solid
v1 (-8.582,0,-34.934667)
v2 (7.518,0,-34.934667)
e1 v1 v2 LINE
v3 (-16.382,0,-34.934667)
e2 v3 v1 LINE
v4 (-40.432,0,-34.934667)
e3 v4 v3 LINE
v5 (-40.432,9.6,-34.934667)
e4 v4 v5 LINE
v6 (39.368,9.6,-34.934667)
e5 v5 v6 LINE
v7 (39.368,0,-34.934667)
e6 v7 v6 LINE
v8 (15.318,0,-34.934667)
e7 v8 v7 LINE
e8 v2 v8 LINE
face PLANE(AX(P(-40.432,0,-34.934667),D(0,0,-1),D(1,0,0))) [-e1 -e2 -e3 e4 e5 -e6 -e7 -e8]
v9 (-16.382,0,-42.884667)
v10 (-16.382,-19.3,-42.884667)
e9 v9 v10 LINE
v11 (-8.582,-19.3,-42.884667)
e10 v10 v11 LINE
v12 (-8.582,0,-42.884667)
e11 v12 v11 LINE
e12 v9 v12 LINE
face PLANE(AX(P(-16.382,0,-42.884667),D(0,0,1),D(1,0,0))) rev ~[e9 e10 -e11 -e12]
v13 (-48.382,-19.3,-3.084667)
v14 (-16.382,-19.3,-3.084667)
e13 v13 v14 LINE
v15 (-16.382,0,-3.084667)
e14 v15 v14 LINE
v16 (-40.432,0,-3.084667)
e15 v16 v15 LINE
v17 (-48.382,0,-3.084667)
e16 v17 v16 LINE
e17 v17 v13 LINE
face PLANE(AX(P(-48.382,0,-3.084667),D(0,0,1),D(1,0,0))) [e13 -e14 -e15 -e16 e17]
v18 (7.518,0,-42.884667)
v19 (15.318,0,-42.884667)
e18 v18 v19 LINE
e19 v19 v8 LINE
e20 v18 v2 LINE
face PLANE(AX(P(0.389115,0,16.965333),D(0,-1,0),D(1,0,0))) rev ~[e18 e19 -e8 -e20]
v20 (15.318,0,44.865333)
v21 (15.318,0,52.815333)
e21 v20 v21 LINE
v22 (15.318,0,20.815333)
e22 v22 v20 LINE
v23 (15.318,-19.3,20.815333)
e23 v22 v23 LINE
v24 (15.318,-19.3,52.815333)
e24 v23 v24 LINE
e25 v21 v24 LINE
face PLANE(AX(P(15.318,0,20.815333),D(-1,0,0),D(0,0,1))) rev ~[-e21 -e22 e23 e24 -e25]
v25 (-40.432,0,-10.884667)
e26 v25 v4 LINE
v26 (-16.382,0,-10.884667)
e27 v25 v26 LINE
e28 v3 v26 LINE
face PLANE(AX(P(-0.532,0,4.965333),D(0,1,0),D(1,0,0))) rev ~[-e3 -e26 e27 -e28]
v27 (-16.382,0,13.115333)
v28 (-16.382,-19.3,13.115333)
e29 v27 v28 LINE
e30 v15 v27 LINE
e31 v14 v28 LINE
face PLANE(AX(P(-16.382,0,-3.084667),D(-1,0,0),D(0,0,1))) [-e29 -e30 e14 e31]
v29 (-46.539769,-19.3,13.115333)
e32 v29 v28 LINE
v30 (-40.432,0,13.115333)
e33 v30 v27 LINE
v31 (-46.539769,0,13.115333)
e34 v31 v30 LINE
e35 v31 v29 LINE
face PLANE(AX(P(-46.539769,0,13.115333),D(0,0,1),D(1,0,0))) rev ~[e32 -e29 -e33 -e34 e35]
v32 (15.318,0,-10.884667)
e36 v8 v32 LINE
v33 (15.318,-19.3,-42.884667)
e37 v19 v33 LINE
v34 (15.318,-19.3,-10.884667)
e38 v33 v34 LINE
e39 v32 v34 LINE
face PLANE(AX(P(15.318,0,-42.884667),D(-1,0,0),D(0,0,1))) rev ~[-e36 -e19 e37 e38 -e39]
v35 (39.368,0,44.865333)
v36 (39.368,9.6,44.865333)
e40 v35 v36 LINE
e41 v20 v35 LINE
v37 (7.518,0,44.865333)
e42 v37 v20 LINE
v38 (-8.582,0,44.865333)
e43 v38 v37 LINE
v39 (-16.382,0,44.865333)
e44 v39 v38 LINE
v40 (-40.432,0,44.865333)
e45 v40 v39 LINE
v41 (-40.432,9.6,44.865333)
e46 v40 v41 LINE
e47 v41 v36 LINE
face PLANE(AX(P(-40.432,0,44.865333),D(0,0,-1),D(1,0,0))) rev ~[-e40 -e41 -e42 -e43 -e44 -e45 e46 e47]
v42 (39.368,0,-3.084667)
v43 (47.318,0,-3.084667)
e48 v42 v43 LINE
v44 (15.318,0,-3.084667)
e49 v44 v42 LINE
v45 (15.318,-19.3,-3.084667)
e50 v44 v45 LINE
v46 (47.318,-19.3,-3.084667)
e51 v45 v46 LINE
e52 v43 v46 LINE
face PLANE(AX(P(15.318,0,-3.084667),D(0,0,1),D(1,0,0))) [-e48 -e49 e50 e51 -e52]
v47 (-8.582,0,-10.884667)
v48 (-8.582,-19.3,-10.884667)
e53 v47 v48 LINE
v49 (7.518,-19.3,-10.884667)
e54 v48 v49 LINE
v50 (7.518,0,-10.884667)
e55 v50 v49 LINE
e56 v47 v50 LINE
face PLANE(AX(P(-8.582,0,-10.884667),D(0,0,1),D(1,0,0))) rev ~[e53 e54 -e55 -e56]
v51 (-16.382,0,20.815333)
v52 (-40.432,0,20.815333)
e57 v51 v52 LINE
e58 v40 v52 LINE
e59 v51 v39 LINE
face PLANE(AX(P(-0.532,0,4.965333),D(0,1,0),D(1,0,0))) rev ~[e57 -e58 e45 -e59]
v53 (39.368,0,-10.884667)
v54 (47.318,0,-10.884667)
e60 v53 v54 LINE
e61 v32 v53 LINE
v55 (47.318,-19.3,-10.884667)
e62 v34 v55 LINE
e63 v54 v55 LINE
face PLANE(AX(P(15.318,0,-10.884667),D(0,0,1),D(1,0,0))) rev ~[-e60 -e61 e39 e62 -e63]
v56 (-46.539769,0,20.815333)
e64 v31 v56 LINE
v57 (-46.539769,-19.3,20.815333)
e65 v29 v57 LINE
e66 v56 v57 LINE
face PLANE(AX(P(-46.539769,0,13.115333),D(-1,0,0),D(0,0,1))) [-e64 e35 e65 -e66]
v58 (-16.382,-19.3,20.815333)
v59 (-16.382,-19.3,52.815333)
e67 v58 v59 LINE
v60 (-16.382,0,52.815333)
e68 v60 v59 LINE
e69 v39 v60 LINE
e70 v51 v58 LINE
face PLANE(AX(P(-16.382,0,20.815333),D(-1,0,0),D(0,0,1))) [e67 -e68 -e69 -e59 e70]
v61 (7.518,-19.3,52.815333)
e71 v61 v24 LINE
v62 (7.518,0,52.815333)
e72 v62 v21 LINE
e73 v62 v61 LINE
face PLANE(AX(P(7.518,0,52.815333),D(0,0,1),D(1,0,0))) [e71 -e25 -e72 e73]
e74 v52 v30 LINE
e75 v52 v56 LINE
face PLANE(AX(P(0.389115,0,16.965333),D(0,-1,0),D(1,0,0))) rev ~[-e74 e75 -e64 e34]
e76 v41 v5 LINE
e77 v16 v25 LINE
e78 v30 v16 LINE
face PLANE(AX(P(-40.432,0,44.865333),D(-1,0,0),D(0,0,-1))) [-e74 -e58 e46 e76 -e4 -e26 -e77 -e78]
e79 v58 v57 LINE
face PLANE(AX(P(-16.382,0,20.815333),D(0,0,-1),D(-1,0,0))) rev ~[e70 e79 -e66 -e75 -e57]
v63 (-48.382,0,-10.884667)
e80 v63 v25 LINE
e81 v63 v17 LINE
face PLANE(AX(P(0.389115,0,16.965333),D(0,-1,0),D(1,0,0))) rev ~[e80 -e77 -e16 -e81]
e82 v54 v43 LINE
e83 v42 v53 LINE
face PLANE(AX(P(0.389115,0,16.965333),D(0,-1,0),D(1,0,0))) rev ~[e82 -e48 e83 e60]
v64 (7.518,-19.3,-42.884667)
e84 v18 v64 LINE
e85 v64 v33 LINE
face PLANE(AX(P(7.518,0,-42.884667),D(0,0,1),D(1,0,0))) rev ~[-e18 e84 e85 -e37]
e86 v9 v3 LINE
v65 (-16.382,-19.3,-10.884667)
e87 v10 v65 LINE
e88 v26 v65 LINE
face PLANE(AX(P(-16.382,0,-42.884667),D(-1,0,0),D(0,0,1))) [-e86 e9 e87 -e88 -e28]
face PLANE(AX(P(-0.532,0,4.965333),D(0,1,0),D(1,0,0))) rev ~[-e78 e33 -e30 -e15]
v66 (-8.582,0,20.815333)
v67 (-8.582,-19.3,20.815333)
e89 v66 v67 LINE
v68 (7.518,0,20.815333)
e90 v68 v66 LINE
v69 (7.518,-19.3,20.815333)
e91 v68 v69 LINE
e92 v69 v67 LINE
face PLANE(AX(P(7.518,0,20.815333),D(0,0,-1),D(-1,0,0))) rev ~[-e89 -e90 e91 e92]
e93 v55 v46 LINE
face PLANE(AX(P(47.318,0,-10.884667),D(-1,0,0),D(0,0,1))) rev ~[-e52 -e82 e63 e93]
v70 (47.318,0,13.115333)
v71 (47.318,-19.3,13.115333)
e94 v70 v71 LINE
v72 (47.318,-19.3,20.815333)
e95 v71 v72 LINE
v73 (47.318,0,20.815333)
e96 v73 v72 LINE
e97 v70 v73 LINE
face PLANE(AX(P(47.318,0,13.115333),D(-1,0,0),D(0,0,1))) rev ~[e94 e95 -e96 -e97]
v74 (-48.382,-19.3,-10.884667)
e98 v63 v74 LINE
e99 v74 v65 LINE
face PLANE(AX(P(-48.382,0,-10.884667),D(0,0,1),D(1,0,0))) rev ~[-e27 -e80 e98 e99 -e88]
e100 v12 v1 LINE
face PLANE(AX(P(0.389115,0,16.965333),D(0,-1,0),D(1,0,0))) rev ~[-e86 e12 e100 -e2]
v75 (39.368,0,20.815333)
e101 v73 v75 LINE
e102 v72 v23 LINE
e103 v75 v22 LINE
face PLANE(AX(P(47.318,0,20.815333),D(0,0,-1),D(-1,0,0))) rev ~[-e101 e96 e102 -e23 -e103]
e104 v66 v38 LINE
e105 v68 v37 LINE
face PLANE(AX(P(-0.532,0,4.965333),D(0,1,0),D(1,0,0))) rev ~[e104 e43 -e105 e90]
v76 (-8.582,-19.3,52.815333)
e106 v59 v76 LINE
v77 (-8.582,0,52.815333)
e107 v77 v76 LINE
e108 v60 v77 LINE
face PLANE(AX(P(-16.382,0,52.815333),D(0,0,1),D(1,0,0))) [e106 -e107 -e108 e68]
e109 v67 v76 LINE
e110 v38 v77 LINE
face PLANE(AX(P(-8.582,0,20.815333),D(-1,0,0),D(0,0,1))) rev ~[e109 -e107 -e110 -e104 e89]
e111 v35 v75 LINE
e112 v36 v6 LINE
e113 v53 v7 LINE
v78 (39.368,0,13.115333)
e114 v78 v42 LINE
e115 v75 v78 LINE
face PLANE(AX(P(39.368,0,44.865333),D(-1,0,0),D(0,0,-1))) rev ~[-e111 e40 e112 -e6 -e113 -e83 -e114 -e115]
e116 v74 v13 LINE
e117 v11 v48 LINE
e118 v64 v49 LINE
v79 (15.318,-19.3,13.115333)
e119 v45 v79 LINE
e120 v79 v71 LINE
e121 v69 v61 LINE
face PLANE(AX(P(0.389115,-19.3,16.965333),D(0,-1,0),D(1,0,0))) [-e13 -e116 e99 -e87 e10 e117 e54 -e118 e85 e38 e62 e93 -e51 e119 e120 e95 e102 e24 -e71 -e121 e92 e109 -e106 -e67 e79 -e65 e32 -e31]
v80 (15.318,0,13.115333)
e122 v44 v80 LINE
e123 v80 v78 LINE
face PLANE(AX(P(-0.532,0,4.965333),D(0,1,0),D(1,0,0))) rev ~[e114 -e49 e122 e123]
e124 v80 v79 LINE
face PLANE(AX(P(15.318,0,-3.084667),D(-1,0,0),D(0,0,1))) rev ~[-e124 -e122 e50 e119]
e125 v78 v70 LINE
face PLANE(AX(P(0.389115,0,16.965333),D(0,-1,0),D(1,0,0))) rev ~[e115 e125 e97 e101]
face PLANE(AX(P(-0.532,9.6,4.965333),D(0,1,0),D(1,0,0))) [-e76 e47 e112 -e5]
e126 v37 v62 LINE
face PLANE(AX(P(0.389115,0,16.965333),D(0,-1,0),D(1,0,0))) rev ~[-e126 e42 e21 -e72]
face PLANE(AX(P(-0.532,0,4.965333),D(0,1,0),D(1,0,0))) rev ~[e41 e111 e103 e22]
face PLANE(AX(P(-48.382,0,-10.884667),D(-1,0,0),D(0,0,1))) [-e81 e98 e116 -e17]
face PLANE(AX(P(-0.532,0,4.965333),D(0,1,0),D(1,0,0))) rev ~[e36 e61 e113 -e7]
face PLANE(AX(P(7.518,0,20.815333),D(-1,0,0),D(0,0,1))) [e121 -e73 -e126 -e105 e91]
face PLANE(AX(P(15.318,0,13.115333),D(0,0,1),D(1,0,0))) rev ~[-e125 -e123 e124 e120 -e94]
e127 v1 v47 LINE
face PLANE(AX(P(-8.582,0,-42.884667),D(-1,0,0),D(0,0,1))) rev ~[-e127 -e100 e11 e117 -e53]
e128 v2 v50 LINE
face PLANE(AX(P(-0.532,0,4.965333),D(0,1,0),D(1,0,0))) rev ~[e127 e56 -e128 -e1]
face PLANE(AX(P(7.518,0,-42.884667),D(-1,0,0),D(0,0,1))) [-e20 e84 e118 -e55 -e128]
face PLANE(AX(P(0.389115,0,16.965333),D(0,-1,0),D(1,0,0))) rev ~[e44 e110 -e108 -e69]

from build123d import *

# Parameters (mm, degrees)
SKETCH1_W           = 79.8
SKETCH1_H           = 79.8
BOSS_EXTRUDE1_DEPTH = 9.6
SKETCH3_W           = 93.857769302
SKETCH3_H           = 7.7
SKETCH3_W_2         = 31.7
SKETCH3_H_2         = 31.7
SKETCH3_W_3         = 95.7
SKETCH3_H_3         = 7.8
SKETCH3_W_4         = 7.8
SKETCH3_H_4         = 95.7
BOSS_EXTRUDE2_DEPTH = 19.3


with BuildPart() as part:
    # Sketch1 → Boss-Extrude1 (new body)
    with BuildSketch(Plane(origin=(0, 0, 0), x_dir=(1, 0, 0), z_dir=(0, 1, 0))):
        with Locations((-0.532, -4.965333333)):
            Rectangle(SKETCH1_W, SKETCH1_H)
    extrude(amount=BOSS_EXTRUDE1_DEPTH)

    # Sketch3 → Boss-Extrude2 (add)
    with BuildSketch(Plane.XZ):
        with Locations((0.389115349, 16.965333333)):
            Rectangle(SKETCH3_W, SKETCH3_H)
        with Locations((-0.532, 4.965333333)):
            Rectangle(SKETCH3_W_2, SKETCH3_H_2)
        with Locations((-0.532, -6.984666667)):
            Rectangle(SKETCH3_W_3, SKETCH3_H_3)
        with Locations((-12.482, 4.965333333)):
            Rectangle(SKETCH3_W_4, SKETCH3_H_4)
        with Locations((11.418, 4.965333333)):
            Rectangle(SKETCH3_W_4, SKETCH3_H_4)
    extrude(amount=BOSS_EXTRUDE2_DEPTH)


solid = part.part
